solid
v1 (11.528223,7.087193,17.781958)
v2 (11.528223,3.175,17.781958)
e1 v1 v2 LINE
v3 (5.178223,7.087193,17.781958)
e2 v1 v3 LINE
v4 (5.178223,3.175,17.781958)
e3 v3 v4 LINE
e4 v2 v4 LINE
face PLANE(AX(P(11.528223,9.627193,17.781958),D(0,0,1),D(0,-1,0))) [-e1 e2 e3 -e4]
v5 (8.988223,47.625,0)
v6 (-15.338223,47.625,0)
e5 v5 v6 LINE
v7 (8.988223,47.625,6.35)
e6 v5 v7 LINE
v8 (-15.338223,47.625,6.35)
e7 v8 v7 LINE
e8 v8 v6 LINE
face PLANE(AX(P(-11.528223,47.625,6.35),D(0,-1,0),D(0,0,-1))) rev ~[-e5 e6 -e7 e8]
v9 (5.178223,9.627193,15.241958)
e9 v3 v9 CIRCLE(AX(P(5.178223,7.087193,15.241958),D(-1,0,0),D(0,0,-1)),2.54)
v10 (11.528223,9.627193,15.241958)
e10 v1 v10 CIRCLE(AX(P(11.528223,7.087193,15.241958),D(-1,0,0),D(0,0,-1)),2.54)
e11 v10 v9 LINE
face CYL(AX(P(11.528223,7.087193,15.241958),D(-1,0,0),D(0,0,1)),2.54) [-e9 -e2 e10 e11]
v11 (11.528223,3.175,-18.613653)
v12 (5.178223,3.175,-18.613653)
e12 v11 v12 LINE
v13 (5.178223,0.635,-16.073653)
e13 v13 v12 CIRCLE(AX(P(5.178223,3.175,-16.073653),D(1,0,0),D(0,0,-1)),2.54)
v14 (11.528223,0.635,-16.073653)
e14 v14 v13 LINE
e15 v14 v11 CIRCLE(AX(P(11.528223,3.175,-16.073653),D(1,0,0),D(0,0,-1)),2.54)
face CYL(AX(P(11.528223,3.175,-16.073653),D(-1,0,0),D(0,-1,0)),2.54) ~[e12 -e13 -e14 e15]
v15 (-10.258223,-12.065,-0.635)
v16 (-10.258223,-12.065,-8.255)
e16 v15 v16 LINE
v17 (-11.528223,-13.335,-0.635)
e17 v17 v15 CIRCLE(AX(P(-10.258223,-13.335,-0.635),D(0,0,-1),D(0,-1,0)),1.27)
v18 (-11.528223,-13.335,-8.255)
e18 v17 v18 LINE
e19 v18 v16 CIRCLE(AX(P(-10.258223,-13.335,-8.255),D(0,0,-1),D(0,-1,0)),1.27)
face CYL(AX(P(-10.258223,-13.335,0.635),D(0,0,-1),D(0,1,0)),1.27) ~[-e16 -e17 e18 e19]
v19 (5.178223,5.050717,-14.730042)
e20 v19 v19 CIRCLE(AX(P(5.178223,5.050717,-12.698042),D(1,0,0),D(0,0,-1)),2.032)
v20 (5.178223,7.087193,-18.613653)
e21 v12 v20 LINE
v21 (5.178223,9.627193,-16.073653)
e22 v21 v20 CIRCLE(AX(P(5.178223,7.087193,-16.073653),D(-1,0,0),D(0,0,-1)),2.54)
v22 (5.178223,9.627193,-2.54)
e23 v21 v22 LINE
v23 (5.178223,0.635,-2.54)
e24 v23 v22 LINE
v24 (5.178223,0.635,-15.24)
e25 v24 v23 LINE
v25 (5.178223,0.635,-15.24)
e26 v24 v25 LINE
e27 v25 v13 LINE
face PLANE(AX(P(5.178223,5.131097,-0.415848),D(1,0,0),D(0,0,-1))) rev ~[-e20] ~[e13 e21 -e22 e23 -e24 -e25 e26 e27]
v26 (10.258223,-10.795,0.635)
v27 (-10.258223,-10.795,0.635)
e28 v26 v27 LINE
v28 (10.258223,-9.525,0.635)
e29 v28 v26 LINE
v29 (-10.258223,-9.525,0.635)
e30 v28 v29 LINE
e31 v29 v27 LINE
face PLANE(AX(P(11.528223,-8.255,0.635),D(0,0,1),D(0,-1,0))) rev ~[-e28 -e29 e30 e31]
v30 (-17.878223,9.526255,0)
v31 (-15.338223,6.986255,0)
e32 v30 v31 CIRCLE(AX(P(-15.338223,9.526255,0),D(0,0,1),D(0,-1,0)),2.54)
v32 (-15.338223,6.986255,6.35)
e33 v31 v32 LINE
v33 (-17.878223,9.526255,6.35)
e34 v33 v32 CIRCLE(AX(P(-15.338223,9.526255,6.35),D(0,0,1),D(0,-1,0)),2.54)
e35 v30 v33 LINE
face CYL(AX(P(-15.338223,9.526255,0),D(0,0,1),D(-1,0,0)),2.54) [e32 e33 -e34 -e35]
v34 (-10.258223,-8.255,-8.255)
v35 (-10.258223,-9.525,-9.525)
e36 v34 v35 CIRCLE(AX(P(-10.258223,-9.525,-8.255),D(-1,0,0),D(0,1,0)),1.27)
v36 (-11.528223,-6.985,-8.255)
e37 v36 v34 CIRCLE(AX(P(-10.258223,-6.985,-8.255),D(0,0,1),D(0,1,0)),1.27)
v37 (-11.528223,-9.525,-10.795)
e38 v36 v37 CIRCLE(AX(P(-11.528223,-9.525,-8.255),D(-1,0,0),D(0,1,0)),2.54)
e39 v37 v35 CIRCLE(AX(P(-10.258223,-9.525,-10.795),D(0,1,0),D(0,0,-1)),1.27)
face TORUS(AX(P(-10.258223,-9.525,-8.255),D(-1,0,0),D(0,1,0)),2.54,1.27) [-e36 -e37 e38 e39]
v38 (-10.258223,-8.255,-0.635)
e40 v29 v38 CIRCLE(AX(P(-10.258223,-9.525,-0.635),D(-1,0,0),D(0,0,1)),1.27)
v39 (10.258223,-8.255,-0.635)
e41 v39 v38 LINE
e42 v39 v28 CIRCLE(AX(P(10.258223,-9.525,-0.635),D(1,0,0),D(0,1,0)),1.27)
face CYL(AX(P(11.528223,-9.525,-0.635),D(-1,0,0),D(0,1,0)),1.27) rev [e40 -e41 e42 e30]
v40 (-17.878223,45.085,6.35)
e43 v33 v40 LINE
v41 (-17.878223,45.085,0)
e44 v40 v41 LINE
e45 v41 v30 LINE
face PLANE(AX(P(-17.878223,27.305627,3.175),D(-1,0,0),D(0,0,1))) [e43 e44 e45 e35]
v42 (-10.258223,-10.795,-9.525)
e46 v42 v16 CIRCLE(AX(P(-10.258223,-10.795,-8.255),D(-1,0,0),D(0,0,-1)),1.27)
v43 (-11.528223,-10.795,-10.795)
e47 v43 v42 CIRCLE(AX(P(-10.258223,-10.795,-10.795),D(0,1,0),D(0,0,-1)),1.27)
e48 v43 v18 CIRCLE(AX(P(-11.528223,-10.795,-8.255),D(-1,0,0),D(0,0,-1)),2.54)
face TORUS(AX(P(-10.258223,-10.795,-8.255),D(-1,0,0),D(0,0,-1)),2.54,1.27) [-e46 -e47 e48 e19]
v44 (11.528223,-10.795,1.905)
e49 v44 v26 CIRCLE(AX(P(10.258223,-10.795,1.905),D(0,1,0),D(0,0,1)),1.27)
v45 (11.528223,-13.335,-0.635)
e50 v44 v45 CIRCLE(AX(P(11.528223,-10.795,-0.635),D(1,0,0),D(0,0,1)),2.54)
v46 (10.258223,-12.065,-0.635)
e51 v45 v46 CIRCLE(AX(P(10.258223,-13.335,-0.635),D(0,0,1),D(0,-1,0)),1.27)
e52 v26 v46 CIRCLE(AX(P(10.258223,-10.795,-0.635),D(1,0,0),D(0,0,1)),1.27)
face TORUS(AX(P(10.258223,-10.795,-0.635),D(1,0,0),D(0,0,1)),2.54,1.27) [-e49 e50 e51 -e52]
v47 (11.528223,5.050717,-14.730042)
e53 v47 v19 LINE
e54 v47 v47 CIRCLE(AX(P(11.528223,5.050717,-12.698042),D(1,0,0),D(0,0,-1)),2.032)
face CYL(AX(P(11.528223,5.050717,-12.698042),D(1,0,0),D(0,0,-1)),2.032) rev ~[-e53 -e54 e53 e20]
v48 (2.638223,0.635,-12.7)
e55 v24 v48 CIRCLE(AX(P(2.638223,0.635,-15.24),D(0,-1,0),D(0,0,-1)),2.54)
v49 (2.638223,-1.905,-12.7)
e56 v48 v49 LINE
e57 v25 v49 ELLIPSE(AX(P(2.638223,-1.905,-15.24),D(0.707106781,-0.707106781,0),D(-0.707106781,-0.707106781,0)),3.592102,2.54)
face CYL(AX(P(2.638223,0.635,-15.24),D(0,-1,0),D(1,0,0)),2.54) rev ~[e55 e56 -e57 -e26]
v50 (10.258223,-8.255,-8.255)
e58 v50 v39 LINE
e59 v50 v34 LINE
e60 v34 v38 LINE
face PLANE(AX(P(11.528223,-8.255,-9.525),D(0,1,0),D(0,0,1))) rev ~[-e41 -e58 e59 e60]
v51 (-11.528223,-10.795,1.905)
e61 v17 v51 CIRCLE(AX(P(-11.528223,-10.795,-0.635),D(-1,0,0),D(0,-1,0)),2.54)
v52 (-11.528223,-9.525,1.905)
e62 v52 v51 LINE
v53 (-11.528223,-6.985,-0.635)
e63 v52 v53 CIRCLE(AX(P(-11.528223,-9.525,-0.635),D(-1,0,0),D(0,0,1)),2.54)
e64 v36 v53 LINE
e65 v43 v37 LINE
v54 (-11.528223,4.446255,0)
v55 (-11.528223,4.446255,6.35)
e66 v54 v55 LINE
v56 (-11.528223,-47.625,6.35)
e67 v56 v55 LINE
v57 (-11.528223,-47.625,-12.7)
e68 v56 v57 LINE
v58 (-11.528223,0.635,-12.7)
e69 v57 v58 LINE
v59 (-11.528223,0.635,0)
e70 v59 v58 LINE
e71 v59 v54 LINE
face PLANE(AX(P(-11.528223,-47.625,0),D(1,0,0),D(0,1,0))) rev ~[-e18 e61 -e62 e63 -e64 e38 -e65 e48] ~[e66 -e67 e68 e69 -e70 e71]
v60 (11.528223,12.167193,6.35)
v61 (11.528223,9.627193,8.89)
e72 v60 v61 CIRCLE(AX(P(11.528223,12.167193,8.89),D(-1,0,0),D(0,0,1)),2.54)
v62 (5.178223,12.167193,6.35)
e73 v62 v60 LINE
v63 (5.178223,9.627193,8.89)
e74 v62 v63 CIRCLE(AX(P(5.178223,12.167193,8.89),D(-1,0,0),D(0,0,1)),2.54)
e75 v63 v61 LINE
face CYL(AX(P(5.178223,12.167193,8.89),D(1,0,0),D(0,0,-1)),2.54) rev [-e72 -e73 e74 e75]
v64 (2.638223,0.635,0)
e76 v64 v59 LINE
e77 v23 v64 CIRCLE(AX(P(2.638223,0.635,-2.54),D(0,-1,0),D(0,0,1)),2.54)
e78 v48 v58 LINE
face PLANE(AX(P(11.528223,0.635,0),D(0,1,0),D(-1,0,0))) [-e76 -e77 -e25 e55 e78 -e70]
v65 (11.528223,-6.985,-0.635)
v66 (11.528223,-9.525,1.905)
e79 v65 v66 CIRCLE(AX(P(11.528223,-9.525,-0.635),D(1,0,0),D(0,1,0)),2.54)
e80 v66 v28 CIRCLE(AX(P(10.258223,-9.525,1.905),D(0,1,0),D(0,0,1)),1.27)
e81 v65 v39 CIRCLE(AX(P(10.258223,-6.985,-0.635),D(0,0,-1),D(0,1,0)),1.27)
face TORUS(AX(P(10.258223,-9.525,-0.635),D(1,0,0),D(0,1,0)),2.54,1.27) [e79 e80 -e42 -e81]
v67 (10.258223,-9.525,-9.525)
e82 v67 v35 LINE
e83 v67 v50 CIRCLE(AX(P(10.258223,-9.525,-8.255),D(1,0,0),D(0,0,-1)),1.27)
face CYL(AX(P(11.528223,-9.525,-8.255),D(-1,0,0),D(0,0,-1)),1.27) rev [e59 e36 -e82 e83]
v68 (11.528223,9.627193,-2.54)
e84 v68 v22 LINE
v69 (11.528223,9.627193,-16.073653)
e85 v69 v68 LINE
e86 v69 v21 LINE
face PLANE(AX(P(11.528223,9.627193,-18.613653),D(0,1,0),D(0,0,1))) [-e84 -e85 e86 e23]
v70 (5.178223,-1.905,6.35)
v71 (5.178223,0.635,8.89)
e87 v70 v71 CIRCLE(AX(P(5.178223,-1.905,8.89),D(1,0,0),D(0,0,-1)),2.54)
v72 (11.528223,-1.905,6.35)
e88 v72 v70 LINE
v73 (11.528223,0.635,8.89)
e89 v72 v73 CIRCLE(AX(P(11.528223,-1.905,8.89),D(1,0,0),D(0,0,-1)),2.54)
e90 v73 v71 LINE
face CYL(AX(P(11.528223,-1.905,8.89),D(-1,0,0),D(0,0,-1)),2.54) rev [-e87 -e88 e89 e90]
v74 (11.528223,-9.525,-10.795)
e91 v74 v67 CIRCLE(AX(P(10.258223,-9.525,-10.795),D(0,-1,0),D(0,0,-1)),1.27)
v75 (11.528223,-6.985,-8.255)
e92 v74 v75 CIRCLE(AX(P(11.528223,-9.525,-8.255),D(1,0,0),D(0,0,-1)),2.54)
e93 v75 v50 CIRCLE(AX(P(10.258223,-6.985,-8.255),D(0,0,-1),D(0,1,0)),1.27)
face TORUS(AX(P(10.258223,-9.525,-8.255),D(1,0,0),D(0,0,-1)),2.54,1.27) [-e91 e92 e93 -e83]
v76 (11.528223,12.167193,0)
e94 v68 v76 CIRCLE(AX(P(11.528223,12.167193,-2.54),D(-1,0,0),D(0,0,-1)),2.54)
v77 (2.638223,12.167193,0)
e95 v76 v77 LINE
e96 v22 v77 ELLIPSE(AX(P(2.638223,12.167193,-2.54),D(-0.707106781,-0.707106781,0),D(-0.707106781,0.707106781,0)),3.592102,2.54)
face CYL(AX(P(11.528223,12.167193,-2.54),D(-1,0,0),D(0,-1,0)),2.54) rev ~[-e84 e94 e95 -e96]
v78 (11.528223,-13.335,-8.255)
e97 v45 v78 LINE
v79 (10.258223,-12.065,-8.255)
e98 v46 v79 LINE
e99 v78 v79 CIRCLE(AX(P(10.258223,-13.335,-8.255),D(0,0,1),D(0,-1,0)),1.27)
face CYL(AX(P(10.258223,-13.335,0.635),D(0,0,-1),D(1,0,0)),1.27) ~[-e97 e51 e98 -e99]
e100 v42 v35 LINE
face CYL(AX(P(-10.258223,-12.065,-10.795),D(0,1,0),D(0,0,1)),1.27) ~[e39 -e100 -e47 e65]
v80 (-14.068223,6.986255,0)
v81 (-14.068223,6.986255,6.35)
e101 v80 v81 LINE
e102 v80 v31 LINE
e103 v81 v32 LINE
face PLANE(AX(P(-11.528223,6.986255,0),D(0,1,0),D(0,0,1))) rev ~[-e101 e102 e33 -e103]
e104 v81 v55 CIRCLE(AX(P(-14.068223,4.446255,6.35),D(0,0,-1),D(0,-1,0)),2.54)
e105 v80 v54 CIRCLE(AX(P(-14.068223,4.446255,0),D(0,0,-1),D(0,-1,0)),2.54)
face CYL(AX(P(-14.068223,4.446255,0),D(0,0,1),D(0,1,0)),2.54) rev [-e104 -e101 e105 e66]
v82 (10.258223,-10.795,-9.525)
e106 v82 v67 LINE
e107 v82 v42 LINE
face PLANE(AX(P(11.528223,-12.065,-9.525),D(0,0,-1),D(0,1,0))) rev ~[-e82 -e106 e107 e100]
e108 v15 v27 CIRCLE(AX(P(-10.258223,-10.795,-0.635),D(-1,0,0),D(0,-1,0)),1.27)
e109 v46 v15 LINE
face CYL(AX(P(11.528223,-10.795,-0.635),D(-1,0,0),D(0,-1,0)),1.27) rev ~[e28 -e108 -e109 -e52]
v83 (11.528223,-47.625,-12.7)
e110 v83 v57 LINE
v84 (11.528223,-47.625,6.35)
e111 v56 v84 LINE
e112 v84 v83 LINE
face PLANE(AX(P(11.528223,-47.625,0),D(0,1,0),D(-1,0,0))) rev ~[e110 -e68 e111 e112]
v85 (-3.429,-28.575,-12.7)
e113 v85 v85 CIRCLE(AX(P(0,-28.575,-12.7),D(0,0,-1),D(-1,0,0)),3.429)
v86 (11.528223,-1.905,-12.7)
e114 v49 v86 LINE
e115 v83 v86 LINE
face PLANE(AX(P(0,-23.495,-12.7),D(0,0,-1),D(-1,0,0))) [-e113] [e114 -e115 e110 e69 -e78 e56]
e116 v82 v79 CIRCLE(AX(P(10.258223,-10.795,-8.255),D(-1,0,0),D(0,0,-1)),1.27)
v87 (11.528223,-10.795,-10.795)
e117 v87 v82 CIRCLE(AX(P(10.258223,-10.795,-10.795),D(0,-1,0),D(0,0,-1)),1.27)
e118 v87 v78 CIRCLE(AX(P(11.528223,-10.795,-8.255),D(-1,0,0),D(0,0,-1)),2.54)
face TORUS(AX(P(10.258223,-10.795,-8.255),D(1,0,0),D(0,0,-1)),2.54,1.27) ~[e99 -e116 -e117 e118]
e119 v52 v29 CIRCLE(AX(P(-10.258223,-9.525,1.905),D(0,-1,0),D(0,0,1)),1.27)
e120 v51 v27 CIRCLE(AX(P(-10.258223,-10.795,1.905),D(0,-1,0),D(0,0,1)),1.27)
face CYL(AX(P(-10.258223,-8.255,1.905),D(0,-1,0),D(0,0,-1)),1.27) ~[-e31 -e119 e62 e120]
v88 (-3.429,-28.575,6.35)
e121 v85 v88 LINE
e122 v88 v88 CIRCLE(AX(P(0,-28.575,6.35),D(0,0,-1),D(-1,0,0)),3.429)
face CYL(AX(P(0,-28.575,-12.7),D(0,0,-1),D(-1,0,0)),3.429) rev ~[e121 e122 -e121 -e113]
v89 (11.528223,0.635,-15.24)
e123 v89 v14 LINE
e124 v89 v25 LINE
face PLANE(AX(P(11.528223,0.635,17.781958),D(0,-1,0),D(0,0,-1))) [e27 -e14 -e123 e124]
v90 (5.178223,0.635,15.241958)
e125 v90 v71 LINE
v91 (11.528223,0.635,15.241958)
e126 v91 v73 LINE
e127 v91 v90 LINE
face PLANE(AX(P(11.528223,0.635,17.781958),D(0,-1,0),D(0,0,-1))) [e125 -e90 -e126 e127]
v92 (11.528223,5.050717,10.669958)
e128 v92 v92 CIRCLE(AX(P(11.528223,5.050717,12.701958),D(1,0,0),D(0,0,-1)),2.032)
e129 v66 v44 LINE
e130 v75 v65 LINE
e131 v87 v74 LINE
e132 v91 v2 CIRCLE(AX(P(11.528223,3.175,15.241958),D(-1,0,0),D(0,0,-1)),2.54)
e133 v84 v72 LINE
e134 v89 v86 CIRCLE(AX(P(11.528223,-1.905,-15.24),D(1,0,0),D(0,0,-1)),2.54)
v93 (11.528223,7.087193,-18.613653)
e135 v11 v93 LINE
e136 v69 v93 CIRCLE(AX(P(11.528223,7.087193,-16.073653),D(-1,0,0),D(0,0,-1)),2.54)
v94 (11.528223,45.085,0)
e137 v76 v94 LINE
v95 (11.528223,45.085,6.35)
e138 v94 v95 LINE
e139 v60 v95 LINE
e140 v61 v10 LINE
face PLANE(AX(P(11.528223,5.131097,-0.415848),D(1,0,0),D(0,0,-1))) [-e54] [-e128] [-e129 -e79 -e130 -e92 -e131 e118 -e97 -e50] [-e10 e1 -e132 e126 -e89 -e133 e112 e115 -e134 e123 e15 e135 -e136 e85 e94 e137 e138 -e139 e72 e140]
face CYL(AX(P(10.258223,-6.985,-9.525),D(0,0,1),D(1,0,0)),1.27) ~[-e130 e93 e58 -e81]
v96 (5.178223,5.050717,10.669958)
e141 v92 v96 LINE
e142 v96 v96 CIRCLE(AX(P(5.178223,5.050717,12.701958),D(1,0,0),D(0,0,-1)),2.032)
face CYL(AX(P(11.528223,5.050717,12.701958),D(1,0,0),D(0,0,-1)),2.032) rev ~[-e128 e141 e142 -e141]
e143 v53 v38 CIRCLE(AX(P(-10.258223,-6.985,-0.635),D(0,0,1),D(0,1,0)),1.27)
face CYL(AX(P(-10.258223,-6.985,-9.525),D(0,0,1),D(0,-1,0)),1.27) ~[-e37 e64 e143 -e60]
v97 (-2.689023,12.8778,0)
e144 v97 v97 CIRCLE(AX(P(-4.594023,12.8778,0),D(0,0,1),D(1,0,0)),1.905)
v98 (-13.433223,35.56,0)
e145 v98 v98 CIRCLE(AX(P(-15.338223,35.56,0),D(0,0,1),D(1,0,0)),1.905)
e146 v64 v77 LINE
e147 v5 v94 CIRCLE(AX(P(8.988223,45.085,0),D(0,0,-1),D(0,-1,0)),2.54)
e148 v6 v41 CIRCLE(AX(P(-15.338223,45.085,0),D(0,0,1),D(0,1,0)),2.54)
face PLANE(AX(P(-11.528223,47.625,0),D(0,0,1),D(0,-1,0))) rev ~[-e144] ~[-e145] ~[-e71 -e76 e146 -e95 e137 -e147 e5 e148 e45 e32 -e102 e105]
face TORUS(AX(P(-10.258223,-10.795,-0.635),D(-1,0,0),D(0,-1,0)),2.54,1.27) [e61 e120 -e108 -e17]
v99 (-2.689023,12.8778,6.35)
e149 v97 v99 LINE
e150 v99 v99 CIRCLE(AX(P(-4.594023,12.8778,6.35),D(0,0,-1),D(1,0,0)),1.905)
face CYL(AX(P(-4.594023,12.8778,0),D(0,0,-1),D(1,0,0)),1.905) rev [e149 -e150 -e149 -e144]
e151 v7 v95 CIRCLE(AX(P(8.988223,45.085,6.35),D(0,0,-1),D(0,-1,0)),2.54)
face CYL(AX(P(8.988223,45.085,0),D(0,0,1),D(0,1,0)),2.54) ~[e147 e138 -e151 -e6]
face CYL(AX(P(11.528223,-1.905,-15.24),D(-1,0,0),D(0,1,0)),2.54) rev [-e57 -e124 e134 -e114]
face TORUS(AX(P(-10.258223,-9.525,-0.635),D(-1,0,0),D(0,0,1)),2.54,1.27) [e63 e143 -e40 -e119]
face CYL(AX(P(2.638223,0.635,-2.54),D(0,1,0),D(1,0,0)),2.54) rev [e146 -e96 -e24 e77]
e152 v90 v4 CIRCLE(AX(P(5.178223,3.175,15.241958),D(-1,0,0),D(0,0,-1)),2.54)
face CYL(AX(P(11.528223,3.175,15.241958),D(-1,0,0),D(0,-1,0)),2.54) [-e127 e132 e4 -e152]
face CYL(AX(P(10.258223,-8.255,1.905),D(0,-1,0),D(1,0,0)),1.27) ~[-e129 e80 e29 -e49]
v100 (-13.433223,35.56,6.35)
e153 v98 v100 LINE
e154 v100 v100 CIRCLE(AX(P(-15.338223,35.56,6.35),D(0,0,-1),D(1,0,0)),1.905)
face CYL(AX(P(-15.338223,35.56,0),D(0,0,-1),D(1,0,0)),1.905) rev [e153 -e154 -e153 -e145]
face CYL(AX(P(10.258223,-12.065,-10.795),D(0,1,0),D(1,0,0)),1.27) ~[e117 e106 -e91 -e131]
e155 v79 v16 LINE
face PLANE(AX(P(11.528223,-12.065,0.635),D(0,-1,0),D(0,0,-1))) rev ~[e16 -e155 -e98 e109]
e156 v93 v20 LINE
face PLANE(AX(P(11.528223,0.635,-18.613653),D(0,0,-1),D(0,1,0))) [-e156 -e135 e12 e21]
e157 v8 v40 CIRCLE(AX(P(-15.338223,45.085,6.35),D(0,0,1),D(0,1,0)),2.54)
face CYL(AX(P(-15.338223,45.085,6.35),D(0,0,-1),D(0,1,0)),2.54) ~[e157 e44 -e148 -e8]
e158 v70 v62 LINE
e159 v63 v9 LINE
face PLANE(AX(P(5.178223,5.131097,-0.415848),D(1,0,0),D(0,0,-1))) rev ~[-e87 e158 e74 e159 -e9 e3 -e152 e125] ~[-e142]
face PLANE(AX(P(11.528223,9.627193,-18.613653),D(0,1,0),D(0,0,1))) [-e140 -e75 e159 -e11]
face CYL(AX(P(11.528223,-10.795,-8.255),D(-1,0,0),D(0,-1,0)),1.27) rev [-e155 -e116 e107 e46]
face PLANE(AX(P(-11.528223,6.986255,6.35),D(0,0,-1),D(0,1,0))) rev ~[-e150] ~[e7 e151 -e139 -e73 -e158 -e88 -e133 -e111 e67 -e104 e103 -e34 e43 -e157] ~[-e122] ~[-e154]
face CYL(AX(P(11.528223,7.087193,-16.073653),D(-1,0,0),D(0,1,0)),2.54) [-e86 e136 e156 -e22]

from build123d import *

# Parameters (mm, degrees)
SKETCH1_W           = 23.056445047489827
SKETCH1_H           = 95.25
SKETCH1_R           = 1.2700000000000005
SKETCH1_R_2         = 1.269999999999998
BOSS_EXTRUDE1_DEPTH = 6.35
SKETCH2_W           = 23.056445047489827
SKETCH2_H           = 48.26
BOSS_EXTRUDE2_DEPTH = 12.7
CUT_EXTRUDE2_DEPTH  = 55.41534970233967
SKETCH6_R           = 3.4289999999999994
CUT_EXTRUDE3_DEPTH  = 53.57321599024526
FILLET2_R           = 1.27
BOSS_EXTRUDE3_DEPTH = 6.35
SKETCH9_R           = 1.9049999999999996
SKETCH9_R_2         = 1.905
CUT_EXTRUDE4_DEPTH  = 53.43149307056342
FILLET4_R           = 2.54
BOSS_EXTRUDE7_DEPTH = 6.35
FILLET5_R           = 2.54
FILLET6_R           = 2.54
SKETCH13_R          = 2.0319999999999987
SKETCH13_R_2        = 2.032000000000001
CUT_EXTRUDE5_DEPTH  = 6.35
FILLET7_R           = 2.54


with BuildPart() as part:
    # Sketch1 → Boss-Extrude1 (new body)
    # profile 1 of 4: a face of its own
    with BuildSketch(Plane.XY):
        Rectangle(SKETCH1_W, SKETCH1_H)
        Polygon((7.9121000000000015, 16.687800000000006), (7.9121000000000015, 44.449999999999996), (-7.912099999999998, 44.45), (-7.912099999999998, 16.687800000000006), align=None, mode=Mode.SUBTRACT)
    # profile 2 of 4: a face of its own
    with BuildSketch(Plane.XY):
        Polygon((-7.912099999999998, 16.687800000000006), (7.9121000000000015, 16.687800000000006), (7.9121000000000015, 44.449999999999996), (-7.912099999999998, 44.45), align=None)
        with Locations((5.372100000000001, 19.227800000000006)):
            Circle(SKETCH1_R, mode=Mode.SUBTRACT)
        with Locations((-5.372099999999998, 41.910000000000004)):
            Circle(SKETCH1_R_2, mode=Mode.SUBTRACT)
    # profile 3 of 4: a face of its own
    with BuildSketch(Plane.XY):
        with Locations((-5.372099999999998, 41.910000000000004)):
            Circle(SKETCH1_R_2)
    # profile 4 of 4: a face of its own
    with BuildSketch(Plane.XY):
        with Locations((5.372100000000001, 19.227800000000006)):
            Circle(SKETCH1_R)
    extrude(amount=BOSS_EXTRUDE1_DEPTH)

    # Sketch2 → Boss-Extrude2 (add)
    with BuildSketch(Plane(origin=(0, 0, 0), x_dir=(-1, 0, 0), z_dir=(0, 0, -1))):
        with Locations((0, -23.495)):
            Rectangle(SKETCH2_W, SKETCH2_H)
    extrude(amount=BOSS_EXTRUDE2_DEPTH)

    # Sketch5 → Cut-Extrude2 (cut, through all)
    with BuildSketch(Plane(origin=(11.528222523744914, 0, 0), x_dir=(0, 0, -1), z_dir=(1, 0, 0))):
        Polygon((-0.6350000000000019, -12.065000000000001), (9.524999999999997, -12.065000000000001), (9.524999999999999, -8.255000000000003), (-0.6350000000000019, -8.255000000000003), align=None)
    extrude(amount=-CUT_EXTRUDE2_DEPTH, mode=Mode.SUBTRACT)

    # Sketch6 → Cut-Extrude3 (cut, through all)
    with BuildSketch(Plane(origin=(0, 0, -12.7), x_dir=(-1, 0, 0), z_dir=(0, 0, -1))):
        with Locations((0, -28.575)):
            Circle(SKETCH6_R)
    extrude(amount=-CUT_EXTRUDE3_DEPTH, mode=Mode.SUBTRACT)

    # Fillet2
    fillet2_edges = [part.edges().sort_by_distance(p)[0] for p in [
        (-11.528222523744914, -10.160000000000004, -9.524999999999999),
        (0, -8.255000000000003, -9.524999999999999),
        (-11.528222523744914, -12.065, -4.444999999999998),
        (0, -12.065000000000001, -9.524999999999997),
        (-11.528222523744914, -10.16, 0.6350000000000019),
        (0, -12.065000000000001, 0.6350000000000019),
        (-11.528222523744914, -8.255000000000003, -4.4449999999999985),
        (0, -8.255000000000003, 0.6350000000000019),
        (11.528222523744914, -10.160000000000002, -9.524999999999999),
        (11.528222523744914, -8.255000000000003, -4.4449999999999985),
        (11.528222523744914, -10.160000000000002, 0.6350000000000019),
        (11.528222523744914, -12.065000000000001, -4.444999999999998),
    ]]
    fillet(fillet2_edges, radius=FILLET2_R)

    # Sketch8 → Boss-Extrude3 (add)
    with BuildSketch(Plane.ZY.offset(11.528222523744914)):
        Polygon((6.35, 47.625), (-1.21e-15, 47.625), (0, 6.98625472546675), (6.350000000000005, 6.986254725466751), align=None)
    extrude(amount=BOSS_EXTRUDE3_DEPTH)

    # Sketch9 → Cut-Extrude4 (cut, through all)
    with BuildSketch(Plane.XY):
        with Locations((-4.594022523744915, 12.877800000000006)):
            Circle(SKETCH9_R)
        with Locations((-15.338222523744914, 35.56)):
            Circle(SKETCH9_R_2)
    extrude(amount=CUT_EXTRUDE4_DEPTH, mode=Mode.SUBTRACT)

    # Fillet4
    fillet4_edges = [part.edges().sort_by_distance(p)[0] for p in [
        (11.528222523744914, 47.625, 3.175),
        (-11.528222523744914, 6.98625472546675, 3.1750000000000025),
        (-17.878222523744913, 47.625, 3.1749999999999994),
        (-17.878222523744913, 6.98625472546675, 3.1750000000000025),
    ]]
    fillet(fillet4_edges, radius=FILLET4_R)

    # Sketch12 → Boss-Extrude7 (add)
    with BuildSketch(Plane(origin=(11.528222523744914, 0, 0), x_dir=(0, 0, -1), z_dir=(1, 0, 0))):
        Polygon((-6.35, 0.6349999999999898), (18.613653389650153, 0.6349999999999898), (18.613653389650153, 9.627193152709879), (-17.78195834691587, 9.627193152709879), (-17.78195834691587, 0.6349999999999898), align=None)
    extrude(amount=-BOSS_EXTRUDE7_DEPTH)

    # Fillet5
    fillet5_edges = [part.edges().sort_by_distance(p)[0] for p in [
        (8.353222523744913, 0.6349999999999967, -12.7),
        (8.353222523744915, 9.627193152709879, 6.3500000000000005),
        (8.353222523744915, 9.627193152709879, 0),
        (5.178222523744914, 5.131096576354938, 0),
        (8.353222523744915, 0.6349999999999898, 6.35),
    ]]
    fillet(fillet5_edges, radius=FILLET5_R)

    # Fillet6
    fillet6_edges = [part.edges().sort_by_distance(p)[0] for p in [
        (5.178222523744914, -0.6350000000000069, -12.7),
    ]]
    fillet(fillet6_edges, radius=FILLET6_R)

    # Sketch13 → Cut-Extrude5 (cut)
    with BuildSketch(Plane(origin=(11.528222523744914, 0, 0), x_dir=(0, 0, -1), z_dir=(1, 0, 0))):
        with Locations((-12.70195834691587, 5.050717249087455)):
            Circle(SKETCH13_R)
        with Locations((12.698041653084129, 5.050717249087455)):
            Circle(SKETCH13_R_2)
    extrude(amount=-CUT_EXTRUDE5_DEPTH, mode=Mode.SUBTRACT)

    # Fillet7
    fillet7_edges = [part.edges().sort_by_distance(p)[0] for p in [
        (8.353222523744915, 0.6349999999999898, -18.613653389650153),
        (8.353222523744915, 0.6349999999999898, 17.78195834691587),
        (8.353222523744915, 9.627193152709879, 17.78195834691587),
        (8.353222523744915, 9.627193152709879, -18.613653389650153),
    ]]
    fillet(fillet7_edges, radius=FILLET7_R)


solid = part.part
